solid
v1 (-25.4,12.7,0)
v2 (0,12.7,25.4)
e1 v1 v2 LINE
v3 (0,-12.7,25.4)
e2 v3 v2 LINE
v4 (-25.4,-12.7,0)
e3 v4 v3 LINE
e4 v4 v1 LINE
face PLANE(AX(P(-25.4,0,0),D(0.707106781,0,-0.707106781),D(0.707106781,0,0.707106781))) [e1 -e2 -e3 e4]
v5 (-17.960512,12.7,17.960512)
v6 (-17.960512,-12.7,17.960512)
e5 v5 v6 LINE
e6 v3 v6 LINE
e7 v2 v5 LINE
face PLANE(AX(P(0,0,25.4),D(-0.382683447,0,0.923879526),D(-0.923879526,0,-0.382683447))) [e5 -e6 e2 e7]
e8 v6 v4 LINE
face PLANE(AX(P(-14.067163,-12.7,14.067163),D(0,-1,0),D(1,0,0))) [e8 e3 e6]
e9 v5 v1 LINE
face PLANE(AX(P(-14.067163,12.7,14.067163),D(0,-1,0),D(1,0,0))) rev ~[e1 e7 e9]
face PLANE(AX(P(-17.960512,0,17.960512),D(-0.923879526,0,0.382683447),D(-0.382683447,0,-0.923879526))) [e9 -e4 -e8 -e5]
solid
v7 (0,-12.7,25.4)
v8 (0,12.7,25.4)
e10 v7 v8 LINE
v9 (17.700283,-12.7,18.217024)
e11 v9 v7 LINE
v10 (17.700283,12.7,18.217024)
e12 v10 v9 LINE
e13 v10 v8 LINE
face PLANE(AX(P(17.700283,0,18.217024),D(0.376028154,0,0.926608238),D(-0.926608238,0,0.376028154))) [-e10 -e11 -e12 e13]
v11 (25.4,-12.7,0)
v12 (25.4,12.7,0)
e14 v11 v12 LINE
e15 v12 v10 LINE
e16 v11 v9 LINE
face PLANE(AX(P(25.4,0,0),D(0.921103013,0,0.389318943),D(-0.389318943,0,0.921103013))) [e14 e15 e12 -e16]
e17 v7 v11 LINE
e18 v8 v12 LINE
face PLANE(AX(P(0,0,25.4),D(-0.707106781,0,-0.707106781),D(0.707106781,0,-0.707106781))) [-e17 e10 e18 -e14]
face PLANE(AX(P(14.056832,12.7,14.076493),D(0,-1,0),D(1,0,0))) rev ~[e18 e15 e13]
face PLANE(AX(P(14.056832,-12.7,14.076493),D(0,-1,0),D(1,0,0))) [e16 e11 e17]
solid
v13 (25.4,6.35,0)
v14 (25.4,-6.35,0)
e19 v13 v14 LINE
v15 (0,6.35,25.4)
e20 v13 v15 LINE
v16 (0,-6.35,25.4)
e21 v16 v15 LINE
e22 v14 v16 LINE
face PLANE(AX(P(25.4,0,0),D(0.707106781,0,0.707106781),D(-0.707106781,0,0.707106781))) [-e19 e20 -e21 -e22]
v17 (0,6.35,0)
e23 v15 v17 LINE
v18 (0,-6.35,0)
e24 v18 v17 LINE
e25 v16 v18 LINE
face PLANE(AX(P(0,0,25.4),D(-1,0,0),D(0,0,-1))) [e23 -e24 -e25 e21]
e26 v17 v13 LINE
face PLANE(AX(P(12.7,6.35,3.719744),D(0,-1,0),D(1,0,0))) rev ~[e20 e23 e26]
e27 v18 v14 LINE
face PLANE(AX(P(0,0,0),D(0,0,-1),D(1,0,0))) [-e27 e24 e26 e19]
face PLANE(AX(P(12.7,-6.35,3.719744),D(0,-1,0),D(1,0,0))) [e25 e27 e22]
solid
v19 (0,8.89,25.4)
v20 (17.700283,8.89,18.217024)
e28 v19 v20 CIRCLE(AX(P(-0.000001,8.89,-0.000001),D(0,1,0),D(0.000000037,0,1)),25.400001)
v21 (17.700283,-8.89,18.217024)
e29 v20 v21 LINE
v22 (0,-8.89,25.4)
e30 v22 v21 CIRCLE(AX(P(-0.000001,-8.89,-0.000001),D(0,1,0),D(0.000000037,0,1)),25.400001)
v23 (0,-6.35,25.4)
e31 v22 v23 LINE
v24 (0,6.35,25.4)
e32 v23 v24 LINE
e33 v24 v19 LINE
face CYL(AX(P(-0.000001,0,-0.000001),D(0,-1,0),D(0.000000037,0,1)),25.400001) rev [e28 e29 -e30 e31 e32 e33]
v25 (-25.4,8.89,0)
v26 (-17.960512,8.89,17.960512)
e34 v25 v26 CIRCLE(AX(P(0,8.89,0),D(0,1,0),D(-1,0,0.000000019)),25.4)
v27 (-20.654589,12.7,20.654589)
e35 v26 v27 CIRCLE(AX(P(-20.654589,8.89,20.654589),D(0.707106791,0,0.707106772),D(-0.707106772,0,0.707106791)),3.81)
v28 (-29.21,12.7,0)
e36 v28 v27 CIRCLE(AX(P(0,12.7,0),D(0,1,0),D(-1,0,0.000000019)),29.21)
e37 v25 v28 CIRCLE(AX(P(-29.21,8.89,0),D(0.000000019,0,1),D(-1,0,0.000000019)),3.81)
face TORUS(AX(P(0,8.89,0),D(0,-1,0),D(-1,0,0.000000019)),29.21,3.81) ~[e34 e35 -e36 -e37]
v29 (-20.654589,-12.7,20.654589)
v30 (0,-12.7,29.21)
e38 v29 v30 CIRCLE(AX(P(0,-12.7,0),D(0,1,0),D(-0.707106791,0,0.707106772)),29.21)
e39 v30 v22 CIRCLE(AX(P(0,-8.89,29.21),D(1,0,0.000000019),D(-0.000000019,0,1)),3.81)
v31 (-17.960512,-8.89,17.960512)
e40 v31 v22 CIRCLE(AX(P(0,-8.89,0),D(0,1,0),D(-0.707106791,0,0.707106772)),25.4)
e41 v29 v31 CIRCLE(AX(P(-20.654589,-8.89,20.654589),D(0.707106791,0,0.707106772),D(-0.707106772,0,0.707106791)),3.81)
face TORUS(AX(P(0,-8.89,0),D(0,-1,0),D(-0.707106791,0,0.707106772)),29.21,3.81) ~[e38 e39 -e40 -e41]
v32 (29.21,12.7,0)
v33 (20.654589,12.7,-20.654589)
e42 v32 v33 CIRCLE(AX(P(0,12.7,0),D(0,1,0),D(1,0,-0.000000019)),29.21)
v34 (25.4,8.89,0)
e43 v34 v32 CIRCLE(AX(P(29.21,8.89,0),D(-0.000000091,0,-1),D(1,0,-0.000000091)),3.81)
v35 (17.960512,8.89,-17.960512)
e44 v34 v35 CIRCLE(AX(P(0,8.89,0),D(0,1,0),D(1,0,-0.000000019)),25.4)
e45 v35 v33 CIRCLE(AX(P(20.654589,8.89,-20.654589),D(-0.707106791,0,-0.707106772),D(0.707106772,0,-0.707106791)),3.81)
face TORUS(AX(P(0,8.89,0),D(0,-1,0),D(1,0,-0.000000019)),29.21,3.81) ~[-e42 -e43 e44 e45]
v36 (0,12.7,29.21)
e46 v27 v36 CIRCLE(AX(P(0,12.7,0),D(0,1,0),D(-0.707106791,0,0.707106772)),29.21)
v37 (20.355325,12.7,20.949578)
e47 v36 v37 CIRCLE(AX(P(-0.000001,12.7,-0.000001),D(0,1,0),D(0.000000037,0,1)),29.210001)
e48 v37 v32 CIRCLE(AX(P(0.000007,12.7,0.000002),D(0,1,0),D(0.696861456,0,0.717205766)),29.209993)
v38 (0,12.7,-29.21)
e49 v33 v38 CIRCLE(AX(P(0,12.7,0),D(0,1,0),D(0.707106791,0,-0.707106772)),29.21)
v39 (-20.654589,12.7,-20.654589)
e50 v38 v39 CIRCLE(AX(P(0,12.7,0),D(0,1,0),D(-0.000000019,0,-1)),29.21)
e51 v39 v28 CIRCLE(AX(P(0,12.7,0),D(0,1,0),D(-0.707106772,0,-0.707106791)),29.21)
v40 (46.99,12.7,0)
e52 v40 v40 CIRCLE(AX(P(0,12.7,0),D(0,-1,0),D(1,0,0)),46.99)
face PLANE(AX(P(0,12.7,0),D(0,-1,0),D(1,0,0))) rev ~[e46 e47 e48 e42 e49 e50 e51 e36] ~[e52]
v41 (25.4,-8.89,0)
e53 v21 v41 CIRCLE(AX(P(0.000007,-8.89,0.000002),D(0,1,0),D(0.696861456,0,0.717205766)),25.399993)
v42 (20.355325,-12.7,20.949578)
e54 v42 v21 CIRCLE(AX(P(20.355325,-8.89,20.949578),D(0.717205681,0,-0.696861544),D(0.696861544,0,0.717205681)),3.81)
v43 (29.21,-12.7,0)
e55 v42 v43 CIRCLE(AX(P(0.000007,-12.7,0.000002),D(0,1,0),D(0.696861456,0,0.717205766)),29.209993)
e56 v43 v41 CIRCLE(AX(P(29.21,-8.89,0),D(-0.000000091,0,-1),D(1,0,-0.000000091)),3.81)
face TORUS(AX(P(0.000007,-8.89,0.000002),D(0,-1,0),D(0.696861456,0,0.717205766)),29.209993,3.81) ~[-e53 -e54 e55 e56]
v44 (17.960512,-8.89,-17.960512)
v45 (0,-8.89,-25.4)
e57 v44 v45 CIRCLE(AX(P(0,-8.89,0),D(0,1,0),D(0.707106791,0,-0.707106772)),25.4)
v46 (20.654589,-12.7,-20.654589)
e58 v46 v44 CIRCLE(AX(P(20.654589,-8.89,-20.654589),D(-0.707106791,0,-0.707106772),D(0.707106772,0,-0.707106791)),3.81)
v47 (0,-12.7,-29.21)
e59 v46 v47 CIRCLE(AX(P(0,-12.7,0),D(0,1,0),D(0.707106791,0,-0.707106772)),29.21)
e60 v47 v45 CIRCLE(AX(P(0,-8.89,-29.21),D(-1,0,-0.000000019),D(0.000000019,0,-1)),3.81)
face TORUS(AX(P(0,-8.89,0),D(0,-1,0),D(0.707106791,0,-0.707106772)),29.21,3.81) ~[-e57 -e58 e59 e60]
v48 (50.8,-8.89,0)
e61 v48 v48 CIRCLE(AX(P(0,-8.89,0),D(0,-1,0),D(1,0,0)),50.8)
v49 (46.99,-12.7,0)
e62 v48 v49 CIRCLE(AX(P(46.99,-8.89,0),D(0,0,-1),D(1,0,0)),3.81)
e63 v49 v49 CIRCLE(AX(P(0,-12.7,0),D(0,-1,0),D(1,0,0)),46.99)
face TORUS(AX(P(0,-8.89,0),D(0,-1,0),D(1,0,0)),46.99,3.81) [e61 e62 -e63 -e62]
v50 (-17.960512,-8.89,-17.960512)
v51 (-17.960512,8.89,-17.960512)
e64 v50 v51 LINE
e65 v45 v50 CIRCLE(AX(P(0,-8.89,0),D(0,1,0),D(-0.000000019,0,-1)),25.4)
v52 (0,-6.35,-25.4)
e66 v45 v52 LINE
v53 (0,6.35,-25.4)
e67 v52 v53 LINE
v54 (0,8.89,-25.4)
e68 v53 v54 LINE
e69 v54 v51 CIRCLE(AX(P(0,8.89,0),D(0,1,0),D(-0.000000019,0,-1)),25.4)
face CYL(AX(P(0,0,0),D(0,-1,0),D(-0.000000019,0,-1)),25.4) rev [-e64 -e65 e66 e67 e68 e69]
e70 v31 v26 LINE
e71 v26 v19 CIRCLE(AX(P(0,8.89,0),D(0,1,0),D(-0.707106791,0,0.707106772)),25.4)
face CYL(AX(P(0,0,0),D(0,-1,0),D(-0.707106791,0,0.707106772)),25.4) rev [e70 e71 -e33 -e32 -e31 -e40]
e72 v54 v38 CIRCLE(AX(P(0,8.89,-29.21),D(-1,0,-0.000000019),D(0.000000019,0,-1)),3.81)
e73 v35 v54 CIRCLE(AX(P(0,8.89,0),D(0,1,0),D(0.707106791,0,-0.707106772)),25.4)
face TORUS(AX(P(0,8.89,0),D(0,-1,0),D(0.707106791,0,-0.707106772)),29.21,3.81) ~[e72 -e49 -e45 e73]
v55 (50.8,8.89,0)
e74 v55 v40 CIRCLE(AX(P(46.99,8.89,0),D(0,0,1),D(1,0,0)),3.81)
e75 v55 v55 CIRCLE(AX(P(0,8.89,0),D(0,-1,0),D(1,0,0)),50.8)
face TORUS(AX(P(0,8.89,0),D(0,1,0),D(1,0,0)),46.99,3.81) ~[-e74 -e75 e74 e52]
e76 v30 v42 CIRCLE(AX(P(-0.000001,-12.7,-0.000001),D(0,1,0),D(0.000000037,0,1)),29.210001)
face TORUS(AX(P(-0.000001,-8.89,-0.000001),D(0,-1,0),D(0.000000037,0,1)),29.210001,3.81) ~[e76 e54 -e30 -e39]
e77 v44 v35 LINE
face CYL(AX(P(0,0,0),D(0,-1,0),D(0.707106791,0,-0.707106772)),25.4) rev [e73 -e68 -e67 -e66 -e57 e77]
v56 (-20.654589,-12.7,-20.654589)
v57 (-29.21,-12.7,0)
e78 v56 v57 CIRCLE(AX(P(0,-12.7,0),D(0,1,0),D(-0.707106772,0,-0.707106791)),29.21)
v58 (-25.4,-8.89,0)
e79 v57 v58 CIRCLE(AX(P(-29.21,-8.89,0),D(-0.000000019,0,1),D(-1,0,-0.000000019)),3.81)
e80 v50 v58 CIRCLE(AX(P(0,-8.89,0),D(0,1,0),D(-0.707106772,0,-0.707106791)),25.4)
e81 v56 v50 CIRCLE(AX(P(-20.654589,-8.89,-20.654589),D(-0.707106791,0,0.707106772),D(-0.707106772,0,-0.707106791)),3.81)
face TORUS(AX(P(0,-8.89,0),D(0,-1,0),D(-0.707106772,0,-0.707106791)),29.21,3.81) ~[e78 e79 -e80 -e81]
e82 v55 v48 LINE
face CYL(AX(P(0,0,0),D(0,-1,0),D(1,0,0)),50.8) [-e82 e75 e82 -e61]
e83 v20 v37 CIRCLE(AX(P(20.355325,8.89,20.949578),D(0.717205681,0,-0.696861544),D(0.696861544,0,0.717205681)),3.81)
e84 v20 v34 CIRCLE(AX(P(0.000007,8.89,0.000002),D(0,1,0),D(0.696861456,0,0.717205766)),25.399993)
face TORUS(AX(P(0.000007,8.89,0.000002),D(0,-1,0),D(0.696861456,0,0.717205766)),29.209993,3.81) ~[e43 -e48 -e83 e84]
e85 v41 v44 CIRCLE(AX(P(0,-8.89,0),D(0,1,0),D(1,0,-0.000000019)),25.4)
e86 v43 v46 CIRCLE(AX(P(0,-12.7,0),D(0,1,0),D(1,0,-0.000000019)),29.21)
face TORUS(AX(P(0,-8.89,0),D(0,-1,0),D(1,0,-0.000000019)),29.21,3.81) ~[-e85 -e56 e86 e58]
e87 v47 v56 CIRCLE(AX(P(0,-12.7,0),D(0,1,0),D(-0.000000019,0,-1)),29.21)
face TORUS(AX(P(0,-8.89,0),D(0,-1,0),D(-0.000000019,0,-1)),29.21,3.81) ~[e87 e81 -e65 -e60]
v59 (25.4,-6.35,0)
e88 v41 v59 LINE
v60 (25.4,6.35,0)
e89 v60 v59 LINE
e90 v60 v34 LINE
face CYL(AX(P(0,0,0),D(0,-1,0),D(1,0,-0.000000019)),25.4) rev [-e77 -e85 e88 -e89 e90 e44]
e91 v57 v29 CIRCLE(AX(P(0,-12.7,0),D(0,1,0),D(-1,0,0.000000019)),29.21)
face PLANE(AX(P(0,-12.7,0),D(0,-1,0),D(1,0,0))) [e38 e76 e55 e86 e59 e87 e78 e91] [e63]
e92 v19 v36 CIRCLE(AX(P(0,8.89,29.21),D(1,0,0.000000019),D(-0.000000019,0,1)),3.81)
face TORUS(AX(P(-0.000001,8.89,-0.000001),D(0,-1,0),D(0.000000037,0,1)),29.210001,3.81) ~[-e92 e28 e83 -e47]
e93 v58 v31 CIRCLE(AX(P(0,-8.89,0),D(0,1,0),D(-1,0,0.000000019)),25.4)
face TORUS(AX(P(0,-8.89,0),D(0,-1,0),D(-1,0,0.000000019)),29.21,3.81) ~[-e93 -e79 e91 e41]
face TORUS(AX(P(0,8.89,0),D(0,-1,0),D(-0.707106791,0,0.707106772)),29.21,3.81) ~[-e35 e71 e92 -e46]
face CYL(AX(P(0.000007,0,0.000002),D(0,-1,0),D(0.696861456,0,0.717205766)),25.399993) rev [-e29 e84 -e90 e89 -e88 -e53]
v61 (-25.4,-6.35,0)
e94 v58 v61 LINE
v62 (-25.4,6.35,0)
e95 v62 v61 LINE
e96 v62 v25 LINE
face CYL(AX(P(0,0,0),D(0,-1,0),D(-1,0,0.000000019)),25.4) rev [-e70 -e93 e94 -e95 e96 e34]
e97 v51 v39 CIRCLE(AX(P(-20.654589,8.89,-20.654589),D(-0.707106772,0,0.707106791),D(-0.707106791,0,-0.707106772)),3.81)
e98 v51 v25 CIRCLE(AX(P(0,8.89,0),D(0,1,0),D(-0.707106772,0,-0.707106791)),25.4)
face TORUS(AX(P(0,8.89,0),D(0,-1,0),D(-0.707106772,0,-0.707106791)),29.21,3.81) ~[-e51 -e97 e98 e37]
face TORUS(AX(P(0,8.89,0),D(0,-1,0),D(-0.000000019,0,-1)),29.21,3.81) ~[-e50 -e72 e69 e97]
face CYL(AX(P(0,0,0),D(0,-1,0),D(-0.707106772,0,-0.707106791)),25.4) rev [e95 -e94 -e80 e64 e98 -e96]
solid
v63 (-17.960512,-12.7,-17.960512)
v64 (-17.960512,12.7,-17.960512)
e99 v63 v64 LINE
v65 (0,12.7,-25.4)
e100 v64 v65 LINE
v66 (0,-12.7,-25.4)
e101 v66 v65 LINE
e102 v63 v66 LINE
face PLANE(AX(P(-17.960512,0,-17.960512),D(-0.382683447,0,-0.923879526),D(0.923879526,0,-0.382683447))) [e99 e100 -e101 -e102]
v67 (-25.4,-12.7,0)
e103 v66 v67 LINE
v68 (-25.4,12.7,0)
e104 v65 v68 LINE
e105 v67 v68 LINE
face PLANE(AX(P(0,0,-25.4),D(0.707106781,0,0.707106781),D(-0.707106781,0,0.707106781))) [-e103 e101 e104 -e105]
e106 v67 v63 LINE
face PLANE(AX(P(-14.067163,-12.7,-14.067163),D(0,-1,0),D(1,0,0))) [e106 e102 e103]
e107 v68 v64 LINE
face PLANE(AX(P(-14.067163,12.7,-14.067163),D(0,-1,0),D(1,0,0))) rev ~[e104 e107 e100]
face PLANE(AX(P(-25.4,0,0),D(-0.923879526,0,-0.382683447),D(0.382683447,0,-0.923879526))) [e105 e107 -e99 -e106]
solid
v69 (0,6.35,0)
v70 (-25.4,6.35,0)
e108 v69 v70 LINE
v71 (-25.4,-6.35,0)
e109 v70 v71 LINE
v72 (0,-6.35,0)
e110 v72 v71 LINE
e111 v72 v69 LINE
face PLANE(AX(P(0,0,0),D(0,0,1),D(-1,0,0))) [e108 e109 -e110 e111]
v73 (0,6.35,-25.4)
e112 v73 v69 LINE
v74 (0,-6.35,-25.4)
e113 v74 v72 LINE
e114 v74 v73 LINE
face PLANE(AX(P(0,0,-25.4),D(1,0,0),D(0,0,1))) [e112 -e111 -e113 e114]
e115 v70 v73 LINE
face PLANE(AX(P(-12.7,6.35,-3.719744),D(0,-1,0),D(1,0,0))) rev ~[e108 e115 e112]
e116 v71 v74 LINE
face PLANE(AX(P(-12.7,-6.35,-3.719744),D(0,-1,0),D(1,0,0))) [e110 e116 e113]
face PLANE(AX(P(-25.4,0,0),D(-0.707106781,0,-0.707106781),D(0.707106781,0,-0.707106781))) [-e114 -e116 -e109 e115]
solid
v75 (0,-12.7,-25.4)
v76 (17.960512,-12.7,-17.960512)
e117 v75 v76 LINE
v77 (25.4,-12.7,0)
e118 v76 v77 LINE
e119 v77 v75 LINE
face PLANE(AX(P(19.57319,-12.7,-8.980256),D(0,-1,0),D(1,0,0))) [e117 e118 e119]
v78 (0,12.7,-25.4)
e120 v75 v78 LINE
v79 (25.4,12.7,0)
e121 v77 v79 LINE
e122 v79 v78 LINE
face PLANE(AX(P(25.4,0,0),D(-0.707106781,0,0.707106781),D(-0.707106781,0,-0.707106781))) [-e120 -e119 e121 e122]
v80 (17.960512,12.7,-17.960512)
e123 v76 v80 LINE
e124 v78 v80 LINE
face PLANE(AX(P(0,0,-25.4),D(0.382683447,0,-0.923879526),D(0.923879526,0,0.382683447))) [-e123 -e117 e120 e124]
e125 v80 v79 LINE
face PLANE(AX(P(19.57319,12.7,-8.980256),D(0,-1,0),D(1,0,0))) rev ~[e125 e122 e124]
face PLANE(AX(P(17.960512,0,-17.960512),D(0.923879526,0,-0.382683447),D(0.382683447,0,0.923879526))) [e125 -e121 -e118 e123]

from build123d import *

# Parameters (mm, degrees)
F0_R     = 50.8
F1_DEPTH = 12.7
F2_DEPTH = 6.35
F3_R     = 3.81
F4_DEPTH = 12.7


with BuildPart() as f1:
    # F0 (on Front) → F1 (new body, symmetric)
    with BuildSketch(Plane.XZ):
        Circle(F0_R)
        with BuildLine():
            ThreePointArc((17.700283, 18.217024), (23.396017, 9.888701), (25.4, 0))
            ThreePointArc((25.4, 0), (23.46654, -9.720159), (17.960512, -17.960512))
            ThreePointArc((17.960512, -17.960512), (9.720159, -23.46654), (0, -25.4))
            ThreePointArc((0, -25.4), (-9.720159, -23.46654), (-17.960512, -17.960512))
            ThreePointArc((-17.960512, -17.960512), (-23.46654, -9.720159), (-25.4, 0))
            ThreePointArc((-25.4, 0), (-23.46654, 9.720159), (-17.960512, 17.960512))
            ThreePointArc((-17.960512, 17.960512), (-9.720159, 23.46654), (0, 25.4))
            ThreePointArc((0, 25.4), (9.551115, 23.535849), (17.700283, 18.217024))
        make_face(mode=Mode.SUBTRACT)
    extrude(amount=F1_DEPTH, both=True)

    # F0 (on Front) → F2 (join, symmetric)
    with BuildSketch(Plane.XZ):
        Circle(F0_R)
        with BuildLine():
            ThreePointArc((17.700283, 18.217024), (23.396017, 9.888701), (25.4, 0))
            ThreePointArc((25.4, 0), (23.46654, -9.720159), (17.960512, -17.960512))
            ThreePointArc((17.960512, -17.960512), (9.720159, -23.46654), (0, -25.4))
            ThreePointArc((0, -25.4), (-9.720159, -23.46654), (-17.960512, -17.960512))
            ThreePointArc((-17.960512, -17.960512), (-23.46654, -9.720159), (-25.4, 0))
            ThreePointArc((-25.4, 0), (-23.46654, 9.720159), (-17.960512, 17.960512))
            ThreePointArc((-17.960512, 17.960512), (-9.720159, 23.46654), (0, 25.4))
            ThreePointArc((0, 25.4), (9.551115, 23.535849), (17.700283, 18.217024))
        make_face(mode=Mode.SUBTRACT)
        Polygon((0, 0), (25.4, 0), (12.7, 12.7), align=None)
        Polygon((0, 0), (12.7, 12.7), (0, 25.4), align=None)
        Polygon((-12.7, -12.7), (0, 0), (-25.4, 0), align=None)
        Polygon((0, -25.4), (0, 0), (-12.7, -12.7), align=None)
    extrude(amount=F2_DEPTH, both=True)

    # F3
    f3_edges = [f1.edges().sort_by_distance(p)[0] for p in [
        (-50.8, 12.7, 0),
        (-50.8, -12.7, 0),
        (-23.46654, -12.7, -9.720159),
        (-23.46654, 12.7, 9.720159),
    ]]
    fillet(f3_edges, radius=F3_R)


with BuildPart() as f4:
    # F0 (on Front) → F4 (new body, symmetric)
    with BuildSketch(Plane.XZ):
        Polygon((17.960512, -17.960512), (25.4, 0), (12.7, -12.7), align=None)
        Polygon((0, -25.4), (17.960512, -17.960512), (12.7, -12.7), align=None)
        Polygon((-17.960512, -17.960512), (0, -25.4), (-12.7, -12.7), (-25.4, 0), align=None)
        Polygon((-12.7, 12.7), (0, 25.4), (-17.960512, 17.960512), (-25.4, 0), align=None)
        Polygon((12.7, 12.7), (25.4, 0), (17.700283, 18.217024), (0, 25.4), align=None)
    extrude(amount=F4_DEPTH, both=True)


solid = Compound([f1.part, f4.part])
